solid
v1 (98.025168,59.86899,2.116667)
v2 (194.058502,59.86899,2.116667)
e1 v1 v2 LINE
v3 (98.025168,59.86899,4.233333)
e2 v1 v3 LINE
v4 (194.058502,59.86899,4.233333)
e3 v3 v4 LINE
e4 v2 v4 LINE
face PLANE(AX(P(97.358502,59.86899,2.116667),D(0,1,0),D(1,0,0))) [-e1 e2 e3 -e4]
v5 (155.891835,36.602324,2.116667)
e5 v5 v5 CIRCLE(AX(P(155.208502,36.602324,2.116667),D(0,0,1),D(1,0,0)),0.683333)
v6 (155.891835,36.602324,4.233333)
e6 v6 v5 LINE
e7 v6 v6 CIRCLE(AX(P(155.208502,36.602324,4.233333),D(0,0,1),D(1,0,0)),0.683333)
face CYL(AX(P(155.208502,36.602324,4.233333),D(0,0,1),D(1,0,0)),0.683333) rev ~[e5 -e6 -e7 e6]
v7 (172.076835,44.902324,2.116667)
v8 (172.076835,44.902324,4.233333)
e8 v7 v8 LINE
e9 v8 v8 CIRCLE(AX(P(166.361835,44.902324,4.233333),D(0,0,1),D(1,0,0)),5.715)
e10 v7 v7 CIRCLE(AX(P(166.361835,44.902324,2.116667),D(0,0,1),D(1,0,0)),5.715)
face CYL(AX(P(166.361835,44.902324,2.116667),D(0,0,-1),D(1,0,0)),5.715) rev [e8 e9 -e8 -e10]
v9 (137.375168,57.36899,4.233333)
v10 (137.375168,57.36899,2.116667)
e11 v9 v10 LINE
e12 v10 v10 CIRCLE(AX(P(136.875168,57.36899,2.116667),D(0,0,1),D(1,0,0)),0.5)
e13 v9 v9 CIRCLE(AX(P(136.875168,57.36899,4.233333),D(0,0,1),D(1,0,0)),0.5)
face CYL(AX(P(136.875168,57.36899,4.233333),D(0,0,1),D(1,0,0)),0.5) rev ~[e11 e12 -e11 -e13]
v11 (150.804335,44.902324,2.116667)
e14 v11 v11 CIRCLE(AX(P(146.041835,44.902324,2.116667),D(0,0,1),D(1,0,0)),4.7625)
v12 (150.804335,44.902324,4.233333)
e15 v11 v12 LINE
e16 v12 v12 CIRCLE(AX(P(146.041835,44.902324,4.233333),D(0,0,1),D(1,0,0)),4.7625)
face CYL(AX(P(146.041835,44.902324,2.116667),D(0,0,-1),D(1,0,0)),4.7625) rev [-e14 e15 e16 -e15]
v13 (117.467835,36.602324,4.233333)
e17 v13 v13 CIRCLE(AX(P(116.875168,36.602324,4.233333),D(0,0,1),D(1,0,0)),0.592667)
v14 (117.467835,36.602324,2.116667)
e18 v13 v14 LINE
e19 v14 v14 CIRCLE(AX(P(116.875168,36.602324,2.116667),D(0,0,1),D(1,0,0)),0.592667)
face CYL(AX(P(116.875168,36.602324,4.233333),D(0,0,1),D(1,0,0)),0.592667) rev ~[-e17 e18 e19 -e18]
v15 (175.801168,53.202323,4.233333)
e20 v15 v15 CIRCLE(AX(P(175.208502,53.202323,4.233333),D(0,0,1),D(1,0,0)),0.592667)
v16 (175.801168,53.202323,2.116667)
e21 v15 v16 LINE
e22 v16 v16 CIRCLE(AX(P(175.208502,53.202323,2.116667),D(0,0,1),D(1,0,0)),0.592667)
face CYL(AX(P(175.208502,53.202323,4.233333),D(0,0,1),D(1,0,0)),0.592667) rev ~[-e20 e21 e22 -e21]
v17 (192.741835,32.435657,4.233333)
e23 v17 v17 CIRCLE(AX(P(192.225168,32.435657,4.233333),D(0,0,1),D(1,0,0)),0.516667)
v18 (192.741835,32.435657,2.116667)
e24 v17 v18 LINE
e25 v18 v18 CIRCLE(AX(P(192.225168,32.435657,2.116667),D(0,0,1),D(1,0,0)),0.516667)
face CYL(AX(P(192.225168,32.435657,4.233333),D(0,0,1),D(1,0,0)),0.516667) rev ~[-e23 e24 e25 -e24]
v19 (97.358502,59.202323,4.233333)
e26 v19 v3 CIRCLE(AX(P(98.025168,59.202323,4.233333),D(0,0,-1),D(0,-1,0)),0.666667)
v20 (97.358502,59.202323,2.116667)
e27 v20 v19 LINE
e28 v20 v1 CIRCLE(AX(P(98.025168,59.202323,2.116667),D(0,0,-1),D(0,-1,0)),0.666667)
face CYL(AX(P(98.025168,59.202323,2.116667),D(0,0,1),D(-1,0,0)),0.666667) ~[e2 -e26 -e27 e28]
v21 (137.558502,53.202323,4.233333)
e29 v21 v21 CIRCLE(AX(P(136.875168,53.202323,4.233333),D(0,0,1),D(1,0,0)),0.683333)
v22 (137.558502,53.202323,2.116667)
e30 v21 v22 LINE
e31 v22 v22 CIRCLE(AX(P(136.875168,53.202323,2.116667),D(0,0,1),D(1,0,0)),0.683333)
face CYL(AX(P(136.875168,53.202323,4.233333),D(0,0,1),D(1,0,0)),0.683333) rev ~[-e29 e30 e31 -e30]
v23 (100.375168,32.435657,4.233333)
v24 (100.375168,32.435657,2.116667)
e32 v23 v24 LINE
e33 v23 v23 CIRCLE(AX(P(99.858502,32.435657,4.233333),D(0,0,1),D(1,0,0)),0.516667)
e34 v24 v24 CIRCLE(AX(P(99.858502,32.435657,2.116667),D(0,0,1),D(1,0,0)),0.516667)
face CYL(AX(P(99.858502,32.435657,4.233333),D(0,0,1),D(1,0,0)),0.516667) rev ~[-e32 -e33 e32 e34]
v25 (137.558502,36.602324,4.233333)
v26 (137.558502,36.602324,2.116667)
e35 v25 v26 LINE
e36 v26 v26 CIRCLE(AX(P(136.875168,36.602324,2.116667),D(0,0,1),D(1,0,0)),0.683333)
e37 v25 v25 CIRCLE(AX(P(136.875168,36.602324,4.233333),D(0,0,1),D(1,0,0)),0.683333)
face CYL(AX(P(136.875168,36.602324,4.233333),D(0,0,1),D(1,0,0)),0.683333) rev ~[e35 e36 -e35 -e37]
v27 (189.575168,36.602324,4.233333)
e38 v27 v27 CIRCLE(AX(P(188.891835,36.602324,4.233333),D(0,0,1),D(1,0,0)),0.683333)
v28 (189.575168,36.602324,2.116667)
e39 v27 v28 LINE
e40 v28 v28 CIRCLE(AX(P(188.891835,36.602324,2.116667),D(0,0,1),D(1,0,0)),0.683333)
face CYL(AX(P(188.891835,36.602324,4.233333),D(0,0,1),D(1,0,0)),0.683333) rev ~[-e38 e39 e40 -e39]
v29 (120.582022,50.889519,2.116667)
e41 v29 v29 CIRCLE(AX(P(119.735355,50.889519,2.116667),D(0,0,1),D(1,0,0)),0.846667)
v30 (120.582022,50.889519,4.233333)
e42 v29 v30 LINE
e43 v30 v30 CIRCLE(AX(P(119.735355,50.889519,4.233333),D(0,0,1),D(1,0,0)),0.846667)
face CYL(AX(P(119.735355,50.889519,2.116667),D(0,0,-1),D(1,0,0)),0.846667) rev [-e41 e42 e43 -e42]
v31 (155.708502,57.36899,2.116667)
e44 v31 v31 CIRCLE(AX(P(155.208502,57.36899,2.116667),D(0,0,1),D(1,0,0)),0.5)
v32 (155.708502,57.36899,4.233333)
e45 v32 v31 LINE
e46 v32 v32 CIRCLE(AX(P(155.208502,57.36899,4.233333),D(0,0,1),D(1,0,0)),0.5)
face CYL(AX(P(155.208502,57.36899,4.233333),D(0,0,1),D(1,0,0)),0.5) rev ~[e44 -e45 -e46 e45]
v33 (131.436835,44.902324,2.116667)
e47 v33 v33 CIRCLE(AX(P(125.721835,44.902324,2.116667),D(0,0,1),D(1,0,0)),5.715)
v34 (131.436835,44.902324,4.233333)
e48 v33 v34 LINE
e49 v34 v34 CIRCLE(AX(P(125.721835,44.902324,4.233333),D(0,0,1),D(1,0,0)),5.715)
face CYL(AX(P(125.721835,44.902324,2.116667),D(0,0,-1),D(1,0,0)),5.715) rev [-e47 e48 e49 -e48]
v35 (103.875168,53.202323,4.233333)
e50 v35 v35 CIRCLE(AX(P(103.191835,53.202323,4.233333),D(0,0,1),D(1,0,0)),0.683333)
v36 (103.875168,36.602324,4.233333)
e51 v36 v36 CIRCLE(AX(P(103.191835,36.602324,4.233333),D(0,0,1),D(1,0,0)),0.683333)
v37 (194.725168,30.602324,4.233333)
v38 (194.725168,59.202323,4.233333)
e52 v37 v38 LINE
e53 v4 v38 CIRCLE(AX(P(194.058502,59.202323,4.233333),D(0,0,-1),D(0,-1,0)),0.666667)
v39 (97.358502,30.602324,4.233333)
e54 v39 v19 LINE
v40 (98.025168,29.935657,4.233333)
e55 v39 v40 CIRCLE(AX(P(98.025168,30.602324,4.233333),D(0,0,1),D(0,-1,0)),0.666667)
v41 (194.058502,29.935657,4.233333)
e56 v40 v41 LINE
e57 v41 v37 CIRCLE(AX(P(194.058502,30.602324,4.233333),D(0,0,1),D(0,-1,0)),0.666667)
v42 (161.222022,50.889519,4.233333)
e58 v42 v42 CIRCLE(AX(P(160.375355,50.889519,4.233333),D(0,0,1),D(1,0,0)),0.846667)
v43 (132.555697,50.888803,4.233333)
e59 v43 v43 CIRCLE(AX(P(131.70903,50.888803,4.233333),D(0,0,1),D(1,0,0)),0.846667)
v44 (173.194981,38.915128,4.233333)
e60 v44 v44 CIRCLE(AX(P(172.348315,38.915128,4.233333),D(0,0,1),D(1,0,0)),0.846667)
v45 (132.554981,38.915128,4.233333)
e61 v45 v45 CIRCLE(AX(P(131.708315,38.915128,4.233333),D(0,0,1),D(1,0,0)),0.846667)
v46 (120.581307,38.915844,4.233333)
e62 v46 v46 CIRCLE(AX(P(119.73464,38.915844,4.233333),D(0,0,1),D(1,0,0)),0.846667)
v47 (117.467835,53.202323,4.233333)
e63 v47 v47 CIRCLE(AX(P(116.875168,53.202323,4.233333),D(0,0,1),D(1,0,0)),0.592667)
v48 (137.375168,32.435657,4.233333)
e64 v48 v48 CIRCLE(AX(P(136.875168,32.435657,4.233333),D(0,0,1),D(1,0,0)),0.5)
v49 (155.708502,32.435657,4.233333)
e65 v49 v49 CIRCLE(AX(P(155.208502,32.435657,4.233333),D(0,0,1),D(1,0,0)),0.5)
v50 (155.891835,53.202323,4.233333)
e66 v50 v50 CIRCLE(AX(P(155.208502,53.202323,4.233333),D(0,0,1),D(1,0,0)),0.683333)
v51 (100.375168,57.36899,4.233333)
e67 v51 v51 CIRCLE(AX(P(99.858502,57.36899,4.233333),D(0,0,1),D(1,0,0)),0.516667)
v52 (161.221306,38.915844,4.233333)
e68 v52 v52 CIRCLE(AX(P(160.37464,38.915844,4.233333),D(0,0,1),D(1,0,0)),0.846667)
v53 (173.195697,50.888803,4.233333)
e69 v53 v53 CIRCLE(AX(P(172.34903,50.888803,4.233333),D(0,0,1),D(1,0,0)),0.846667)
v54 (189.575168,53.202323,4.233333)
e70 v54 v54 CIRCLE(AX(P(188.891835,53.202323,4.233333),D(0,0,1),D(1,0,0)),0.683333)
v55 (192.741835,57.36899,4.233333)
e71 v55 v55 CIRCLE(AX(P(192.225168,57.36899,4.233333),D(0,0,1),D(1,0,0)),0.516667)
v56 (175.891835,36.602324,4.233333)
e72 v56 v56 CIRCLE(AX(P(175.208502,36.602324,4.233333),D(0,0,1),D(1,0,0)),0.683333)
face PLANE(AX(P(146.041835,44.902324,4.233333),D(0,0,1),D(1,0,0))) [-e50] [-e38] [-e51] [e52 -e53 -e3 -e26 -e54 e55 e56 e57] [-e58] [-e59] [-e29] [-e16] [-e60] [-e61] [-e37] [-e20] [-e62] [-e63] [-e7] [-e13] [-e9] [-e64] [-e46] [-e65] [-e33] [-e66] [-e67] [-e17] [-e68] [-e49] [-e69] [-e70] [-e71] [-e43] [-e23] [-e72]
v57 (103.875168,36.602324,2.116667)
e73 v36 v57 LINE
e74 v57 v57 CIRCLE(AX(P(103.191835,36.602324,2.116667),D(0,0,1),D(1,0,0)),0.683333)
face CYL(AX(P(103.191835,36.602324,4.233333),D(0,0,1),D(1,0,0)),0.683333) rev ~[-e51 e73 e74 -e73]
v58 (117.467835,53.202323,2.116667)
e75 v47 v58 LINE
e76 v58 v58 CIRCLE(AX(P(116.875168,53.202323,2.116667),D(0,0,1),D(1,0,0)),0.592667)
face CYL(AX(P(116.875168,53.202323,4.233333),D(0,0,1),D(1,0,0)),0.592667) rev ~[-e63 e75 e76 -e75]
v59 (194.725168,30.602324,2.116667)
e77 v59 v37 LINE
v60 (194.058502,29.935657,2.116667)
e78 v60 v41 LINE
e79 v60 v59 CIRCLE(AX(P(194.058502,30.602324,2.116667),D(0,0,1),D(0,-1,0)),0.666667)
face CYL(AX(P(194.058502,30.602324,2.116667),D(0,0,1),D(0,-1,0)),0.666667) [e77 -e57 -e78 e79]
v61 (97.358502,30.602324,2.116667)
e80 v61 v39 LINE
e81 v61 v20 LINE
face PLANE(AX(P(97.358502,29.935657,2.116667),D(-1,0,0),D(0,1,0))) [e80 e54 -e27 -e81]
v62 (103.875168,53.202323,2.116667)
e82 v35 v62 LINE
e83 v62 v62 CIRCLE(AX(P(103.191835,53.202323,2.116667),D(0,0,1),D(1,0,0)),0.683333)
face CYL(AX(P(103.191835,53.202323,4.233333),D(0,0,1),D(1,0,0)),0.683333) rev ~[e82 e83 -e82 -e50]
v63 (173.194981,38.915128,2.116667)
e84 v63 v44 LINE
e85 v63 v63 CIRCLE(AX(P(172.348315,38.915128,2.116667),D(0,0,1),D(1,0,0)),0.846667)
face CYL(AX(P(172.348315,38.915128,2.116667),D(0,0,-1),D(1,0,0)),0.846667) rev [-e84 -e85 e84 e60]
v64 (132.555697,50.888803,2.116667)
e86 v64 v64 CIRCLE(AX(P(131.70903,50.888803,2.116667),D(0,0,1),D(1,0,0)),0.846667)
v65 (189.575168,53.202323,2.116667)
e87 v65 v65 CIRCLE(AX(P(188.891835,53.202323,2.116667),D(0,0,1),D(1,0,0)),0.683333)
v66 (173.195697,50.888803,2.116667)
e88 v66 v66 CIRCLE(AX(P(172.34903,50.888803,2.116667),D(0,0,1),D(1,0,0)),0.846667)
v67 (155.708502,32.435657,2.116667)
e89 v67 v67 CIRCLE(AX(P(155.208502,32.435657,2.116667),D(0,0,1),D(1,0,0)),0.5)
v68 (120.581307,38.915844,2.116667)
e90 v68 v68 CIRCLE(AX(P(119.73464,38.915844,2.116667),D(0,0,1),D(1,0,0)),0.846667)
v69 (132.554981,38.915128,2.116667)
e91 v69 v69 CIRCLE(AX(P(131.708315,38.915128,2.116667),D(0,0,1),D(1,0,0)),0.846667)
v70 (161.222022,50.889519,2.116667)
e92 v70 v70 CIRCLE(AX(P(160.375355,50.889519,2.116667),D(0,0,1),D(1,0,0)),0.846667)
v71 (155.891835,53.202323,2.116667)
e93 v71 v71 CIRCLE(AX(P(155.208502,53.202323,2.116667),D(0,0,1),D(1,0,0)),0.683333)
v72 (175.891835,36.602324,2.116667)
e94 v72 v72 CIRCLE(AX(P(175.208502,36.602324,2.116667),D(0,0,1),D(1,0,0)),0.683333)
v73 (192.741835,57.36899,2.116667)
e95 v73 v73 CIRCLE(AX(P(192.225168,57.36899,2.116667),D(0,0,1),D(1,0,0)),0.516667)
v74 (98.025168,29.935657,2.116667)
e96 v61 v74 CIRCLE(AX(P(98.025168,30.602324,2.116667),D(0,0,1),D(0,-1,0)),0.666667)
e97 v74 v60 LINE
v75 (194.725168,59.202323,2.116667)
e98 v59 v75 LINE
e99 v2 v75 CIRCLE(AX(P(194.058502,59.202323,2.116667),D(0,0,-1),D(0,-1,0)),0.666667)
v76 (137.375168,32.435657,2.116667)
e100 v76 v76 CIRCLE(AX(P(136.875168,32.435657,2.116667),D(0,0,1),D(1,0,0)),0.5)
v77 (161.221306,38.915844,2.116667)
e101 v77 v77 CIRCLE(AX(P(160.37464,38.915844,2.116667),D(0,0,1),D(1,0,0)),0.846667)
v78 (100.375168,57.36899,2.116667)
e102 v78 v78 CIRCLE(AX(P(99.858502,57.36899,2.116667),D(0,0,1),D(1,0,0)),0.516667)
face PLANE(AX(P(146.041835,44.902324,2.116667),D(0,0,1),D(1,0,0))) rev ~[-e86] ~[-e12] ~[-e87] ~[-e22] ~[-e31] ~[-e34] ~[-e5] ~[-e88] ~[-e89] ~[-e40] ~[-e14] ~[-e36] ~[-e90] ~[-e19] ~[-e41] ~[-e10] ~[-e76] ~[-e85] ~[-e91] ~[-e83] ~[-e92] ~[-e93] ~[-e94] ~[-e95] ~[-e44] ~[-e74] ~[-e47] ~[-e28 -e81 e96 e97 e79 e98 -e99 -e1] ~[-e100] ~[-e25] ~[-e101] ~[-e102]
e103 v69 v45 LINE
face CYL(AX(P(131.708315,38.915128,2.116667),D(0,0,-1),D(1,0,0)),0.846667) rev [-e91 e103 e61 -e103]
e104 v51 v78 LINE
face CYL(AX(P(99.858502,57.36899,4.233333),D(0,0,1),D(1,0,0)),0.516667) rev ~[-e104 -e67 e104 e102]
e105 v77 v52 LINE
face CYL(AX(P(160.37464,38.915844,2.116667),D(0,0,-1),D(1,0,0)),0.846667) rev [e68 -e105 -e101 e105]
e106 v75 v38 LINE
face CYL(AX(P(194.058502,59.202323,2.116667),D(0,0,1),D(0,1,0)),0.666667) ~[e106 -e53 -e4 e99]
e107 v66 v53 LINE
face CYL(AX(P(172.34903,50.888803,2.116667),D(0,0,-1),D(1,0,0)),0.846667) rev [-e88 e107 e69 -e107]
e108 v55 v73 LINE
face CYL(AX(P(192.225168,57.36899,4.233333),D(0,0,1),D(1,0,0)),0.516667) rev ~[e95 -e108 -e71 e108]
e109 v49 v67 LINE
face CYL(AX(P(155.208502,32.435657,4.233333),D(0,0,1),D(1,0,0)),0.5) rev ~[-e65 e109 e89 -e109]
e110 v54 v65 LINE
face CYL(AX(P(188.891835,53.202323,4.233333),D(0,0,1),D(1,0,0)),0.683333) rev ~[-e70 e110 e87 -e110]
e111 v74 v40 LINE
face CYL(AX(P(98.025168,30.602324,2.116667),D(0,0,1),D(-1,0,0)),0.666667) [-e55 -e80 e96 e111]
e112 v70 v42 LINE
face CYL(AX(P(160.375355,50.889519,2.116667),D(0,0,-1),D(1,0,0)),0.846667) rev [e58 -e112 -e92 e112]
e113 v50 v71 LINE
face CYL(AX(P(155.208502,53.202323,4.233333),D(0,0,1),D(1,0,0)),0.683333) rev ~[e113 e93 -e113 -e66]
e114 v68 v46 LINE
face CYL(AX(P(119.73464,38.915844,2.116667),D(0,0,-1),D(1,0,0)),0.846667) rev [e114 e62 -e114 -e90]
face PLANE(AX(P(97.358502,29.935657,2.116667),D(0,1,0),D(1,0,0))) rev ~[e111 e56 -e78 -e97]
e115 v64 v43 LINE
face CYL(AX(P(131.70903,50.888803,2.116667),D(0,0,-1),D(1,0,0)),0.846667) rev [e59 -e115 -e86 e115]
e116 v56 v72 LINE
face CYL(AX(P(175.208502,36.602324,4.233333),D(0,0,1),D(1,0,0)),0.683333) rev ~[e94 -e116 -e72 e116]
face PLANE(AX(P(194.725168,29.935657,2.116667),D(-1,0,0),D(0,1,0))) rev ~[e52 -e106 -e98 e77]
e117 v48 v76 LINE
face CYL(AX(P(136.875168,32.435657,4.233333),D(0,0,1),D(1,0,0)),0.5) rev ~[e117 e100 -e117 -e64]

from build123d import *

# Parameters (mm, degrees)
SKETCH1_W           = 292.1
SKETCH1_H           = 89.8
SKETCH1_R           = 14.2875
SKETCH1_R_2         = 2.54
SKETCH1_R_3         = 17.145
BOSS_EXTRUDE1_DEPTH = 6.35
SKETCH2_R           = 2.05
CUT_EXTRUDE1_DEPTH  = 10
SKETCH3_R           = 1.55
SKETCH3_R_2         = 2.05
SKETCH3_R_3         = 1.5
CUT_EXTRUDE2_DEPTH  = 10
FILLET1_R           = 2
SKETCH4_R           = 2.05
SKETCH4_R_2         = 1.778
CUT_EXTRUDE4_DEPTH  = 7.35
SCALE1_SCALE        = 0.333333333


with BuildPart() as part:
    # Sketch1 → Boss-Extrude1 (new body)
    with BuildSketch(Plane.XY):
        with Locations((146.05, 44.9)):
            Rectangle(SKETCH1_W, SKETCH1_H)
        with Locations((146.05, 44.9)):
            Circle(SKETCH1_R, mode=Mode.SUBTRACT)
        with Locations((103.051585406, 62.859439014)):
            Circle(SKETCH1_R_2, mode=Mode.SUBTRACT)
        with Locations((103.049439014, 26.938414594)):
            Circle(SKETCH1_R_2, mode=Mode.SUBTRACT)
        with Locations((67.128414594, 26.940560986)):
            Circle(SKETCH1_R_2, mode=Mode.SUBTRACT)
        with Locations((67.130560986, 62.861585406)):
            Circle(SKETCH1_R_2, mode=Mode.SUBTRACT)
        with Locations((85.09, 44.9)):
            Circle(SKETCH1_R_3, mode=Mode.SUBTRACT)
        with Locations((189.050560986, 62.861585406)):
            Circle(SKETCH1_R_2, mode=Mode.SUBTRACT)
        with Locations((224.971585406, 62.859439014)):
            Circle(SKETCH1_R_2, mode=Mode.SUBTRACT)
        with Locations((224.969439014, 26.938414594)):
            Circle(SKETCH1_R_2, mode=Mode.SUBTRACT)
        with Locations((189.048414594, 26.940560986)):
            Circle(SKETCH1_R_2, mode=Mode.SUBTRACT)
        with Locations((207.01, 44.9)):
            Circle(SKETCH1_R_3, mode=Mode.SUBTRACT)
    extrude(amount=BOSS_EXTRUDE1_DEPTH)

    # Sketch2 → Cut-Extrude1 (cut)
    with BuildSketch(Plane.XY.offset(6.35)):
        with Locations((118.55, 20)):
            Circle(SKETCH2_R)
        with Locations((118.55, 69.8)):
            Circle(SKETCH2_R)
        with Locations((173.55, 20)):
            Circle(SKETCH2_R)
        with Locations((173.55, 69.8)):
            Circle(SKETCH2_R)
    extrude(amount=-CUT_EXTRUDE1_DEPTH, mode=Mode.SUBTRACT)

    # Sketch3 → Cut-Extrude2 (cut)
    with BuildSketch(Plane.XY.offset(6.35)):
        with Locations((284.6, 7.5)):
            Circle(SKETCH3_R)
        with Locations((7.5, 7.5)):
            Circle(SKETCH3_R)
        with Locations((7.5, 82.3)):
            Circle(SKETCH3_R)
        with Locations((284.6, 82.3)):
            Circle(SKETCH3_R)
        with Locations((274.6, 20)):
            Circle(SKETCH3_R_2)
        with Locations((17.5, 20)):
            Circle(SKETCH3_R_2)
        with Locations((17.5, 69.8)):
            Circle(SKETCH3_R_2)
        with Locations((274.6, 69.8)):
            Circle(SKETCH3_R_2)
        with Locations((173.55, 7.5)):
            Circle(SKETCH3_R_3)
        with Locations((173.55, 82.3)):
            Circle(SKETCH3_R_3)
        with Locations((118.55, 82.3)):
            Circle(SKETCH3_R_3)
        with Locations((118.55, 7.5)):
            Circle(SKETCH3_R_3)
    extrude(amount=-CUT_EXTRUDE2_DEPTH, mode=Mode.SUBTRACT)

    # Fillet1
    fillet1_edges = [part.edges().sort_by_distance(p)[0] for p in [
        (0, 89.8, 3.175),
        (292.1, 89.8, 3.175),
        (292.1, 0, 3.175),
        (0, 0, 3.175),
    ]]
    fillet(fillet1_edges, radius=FILLET1_R)

    # Sketch4 → Cut-Extrude4 (cut, through all)
    with BuildSketch(Plane.XY.offset(6.35)):
        with Locations((233.55, 20)):
            Circle(SKETCH4_R)
        with Locations((233.55, 69.8)):
            Circle(SKETCH4_R_2)
        with Locations((58.55, 69.8)):
            Circle(SKETCH4_R_2)
        with Locations((58.55, 20)):
            Circle(SKETCH4_R_2)
    extrude(amount=-CUT_EXTRUDE4_DEPTH, mode=Mode.SUBTRACT)


with BuildPart() as part_1:
    # Scale1: scaled about (146.037752534, 44.903485279, 3.175)
    add(part.part.scale(SCALE1_SCALE).moved(Location((97.358501689, 29.935656853, 2.116666667))))


solid = part_1.part
